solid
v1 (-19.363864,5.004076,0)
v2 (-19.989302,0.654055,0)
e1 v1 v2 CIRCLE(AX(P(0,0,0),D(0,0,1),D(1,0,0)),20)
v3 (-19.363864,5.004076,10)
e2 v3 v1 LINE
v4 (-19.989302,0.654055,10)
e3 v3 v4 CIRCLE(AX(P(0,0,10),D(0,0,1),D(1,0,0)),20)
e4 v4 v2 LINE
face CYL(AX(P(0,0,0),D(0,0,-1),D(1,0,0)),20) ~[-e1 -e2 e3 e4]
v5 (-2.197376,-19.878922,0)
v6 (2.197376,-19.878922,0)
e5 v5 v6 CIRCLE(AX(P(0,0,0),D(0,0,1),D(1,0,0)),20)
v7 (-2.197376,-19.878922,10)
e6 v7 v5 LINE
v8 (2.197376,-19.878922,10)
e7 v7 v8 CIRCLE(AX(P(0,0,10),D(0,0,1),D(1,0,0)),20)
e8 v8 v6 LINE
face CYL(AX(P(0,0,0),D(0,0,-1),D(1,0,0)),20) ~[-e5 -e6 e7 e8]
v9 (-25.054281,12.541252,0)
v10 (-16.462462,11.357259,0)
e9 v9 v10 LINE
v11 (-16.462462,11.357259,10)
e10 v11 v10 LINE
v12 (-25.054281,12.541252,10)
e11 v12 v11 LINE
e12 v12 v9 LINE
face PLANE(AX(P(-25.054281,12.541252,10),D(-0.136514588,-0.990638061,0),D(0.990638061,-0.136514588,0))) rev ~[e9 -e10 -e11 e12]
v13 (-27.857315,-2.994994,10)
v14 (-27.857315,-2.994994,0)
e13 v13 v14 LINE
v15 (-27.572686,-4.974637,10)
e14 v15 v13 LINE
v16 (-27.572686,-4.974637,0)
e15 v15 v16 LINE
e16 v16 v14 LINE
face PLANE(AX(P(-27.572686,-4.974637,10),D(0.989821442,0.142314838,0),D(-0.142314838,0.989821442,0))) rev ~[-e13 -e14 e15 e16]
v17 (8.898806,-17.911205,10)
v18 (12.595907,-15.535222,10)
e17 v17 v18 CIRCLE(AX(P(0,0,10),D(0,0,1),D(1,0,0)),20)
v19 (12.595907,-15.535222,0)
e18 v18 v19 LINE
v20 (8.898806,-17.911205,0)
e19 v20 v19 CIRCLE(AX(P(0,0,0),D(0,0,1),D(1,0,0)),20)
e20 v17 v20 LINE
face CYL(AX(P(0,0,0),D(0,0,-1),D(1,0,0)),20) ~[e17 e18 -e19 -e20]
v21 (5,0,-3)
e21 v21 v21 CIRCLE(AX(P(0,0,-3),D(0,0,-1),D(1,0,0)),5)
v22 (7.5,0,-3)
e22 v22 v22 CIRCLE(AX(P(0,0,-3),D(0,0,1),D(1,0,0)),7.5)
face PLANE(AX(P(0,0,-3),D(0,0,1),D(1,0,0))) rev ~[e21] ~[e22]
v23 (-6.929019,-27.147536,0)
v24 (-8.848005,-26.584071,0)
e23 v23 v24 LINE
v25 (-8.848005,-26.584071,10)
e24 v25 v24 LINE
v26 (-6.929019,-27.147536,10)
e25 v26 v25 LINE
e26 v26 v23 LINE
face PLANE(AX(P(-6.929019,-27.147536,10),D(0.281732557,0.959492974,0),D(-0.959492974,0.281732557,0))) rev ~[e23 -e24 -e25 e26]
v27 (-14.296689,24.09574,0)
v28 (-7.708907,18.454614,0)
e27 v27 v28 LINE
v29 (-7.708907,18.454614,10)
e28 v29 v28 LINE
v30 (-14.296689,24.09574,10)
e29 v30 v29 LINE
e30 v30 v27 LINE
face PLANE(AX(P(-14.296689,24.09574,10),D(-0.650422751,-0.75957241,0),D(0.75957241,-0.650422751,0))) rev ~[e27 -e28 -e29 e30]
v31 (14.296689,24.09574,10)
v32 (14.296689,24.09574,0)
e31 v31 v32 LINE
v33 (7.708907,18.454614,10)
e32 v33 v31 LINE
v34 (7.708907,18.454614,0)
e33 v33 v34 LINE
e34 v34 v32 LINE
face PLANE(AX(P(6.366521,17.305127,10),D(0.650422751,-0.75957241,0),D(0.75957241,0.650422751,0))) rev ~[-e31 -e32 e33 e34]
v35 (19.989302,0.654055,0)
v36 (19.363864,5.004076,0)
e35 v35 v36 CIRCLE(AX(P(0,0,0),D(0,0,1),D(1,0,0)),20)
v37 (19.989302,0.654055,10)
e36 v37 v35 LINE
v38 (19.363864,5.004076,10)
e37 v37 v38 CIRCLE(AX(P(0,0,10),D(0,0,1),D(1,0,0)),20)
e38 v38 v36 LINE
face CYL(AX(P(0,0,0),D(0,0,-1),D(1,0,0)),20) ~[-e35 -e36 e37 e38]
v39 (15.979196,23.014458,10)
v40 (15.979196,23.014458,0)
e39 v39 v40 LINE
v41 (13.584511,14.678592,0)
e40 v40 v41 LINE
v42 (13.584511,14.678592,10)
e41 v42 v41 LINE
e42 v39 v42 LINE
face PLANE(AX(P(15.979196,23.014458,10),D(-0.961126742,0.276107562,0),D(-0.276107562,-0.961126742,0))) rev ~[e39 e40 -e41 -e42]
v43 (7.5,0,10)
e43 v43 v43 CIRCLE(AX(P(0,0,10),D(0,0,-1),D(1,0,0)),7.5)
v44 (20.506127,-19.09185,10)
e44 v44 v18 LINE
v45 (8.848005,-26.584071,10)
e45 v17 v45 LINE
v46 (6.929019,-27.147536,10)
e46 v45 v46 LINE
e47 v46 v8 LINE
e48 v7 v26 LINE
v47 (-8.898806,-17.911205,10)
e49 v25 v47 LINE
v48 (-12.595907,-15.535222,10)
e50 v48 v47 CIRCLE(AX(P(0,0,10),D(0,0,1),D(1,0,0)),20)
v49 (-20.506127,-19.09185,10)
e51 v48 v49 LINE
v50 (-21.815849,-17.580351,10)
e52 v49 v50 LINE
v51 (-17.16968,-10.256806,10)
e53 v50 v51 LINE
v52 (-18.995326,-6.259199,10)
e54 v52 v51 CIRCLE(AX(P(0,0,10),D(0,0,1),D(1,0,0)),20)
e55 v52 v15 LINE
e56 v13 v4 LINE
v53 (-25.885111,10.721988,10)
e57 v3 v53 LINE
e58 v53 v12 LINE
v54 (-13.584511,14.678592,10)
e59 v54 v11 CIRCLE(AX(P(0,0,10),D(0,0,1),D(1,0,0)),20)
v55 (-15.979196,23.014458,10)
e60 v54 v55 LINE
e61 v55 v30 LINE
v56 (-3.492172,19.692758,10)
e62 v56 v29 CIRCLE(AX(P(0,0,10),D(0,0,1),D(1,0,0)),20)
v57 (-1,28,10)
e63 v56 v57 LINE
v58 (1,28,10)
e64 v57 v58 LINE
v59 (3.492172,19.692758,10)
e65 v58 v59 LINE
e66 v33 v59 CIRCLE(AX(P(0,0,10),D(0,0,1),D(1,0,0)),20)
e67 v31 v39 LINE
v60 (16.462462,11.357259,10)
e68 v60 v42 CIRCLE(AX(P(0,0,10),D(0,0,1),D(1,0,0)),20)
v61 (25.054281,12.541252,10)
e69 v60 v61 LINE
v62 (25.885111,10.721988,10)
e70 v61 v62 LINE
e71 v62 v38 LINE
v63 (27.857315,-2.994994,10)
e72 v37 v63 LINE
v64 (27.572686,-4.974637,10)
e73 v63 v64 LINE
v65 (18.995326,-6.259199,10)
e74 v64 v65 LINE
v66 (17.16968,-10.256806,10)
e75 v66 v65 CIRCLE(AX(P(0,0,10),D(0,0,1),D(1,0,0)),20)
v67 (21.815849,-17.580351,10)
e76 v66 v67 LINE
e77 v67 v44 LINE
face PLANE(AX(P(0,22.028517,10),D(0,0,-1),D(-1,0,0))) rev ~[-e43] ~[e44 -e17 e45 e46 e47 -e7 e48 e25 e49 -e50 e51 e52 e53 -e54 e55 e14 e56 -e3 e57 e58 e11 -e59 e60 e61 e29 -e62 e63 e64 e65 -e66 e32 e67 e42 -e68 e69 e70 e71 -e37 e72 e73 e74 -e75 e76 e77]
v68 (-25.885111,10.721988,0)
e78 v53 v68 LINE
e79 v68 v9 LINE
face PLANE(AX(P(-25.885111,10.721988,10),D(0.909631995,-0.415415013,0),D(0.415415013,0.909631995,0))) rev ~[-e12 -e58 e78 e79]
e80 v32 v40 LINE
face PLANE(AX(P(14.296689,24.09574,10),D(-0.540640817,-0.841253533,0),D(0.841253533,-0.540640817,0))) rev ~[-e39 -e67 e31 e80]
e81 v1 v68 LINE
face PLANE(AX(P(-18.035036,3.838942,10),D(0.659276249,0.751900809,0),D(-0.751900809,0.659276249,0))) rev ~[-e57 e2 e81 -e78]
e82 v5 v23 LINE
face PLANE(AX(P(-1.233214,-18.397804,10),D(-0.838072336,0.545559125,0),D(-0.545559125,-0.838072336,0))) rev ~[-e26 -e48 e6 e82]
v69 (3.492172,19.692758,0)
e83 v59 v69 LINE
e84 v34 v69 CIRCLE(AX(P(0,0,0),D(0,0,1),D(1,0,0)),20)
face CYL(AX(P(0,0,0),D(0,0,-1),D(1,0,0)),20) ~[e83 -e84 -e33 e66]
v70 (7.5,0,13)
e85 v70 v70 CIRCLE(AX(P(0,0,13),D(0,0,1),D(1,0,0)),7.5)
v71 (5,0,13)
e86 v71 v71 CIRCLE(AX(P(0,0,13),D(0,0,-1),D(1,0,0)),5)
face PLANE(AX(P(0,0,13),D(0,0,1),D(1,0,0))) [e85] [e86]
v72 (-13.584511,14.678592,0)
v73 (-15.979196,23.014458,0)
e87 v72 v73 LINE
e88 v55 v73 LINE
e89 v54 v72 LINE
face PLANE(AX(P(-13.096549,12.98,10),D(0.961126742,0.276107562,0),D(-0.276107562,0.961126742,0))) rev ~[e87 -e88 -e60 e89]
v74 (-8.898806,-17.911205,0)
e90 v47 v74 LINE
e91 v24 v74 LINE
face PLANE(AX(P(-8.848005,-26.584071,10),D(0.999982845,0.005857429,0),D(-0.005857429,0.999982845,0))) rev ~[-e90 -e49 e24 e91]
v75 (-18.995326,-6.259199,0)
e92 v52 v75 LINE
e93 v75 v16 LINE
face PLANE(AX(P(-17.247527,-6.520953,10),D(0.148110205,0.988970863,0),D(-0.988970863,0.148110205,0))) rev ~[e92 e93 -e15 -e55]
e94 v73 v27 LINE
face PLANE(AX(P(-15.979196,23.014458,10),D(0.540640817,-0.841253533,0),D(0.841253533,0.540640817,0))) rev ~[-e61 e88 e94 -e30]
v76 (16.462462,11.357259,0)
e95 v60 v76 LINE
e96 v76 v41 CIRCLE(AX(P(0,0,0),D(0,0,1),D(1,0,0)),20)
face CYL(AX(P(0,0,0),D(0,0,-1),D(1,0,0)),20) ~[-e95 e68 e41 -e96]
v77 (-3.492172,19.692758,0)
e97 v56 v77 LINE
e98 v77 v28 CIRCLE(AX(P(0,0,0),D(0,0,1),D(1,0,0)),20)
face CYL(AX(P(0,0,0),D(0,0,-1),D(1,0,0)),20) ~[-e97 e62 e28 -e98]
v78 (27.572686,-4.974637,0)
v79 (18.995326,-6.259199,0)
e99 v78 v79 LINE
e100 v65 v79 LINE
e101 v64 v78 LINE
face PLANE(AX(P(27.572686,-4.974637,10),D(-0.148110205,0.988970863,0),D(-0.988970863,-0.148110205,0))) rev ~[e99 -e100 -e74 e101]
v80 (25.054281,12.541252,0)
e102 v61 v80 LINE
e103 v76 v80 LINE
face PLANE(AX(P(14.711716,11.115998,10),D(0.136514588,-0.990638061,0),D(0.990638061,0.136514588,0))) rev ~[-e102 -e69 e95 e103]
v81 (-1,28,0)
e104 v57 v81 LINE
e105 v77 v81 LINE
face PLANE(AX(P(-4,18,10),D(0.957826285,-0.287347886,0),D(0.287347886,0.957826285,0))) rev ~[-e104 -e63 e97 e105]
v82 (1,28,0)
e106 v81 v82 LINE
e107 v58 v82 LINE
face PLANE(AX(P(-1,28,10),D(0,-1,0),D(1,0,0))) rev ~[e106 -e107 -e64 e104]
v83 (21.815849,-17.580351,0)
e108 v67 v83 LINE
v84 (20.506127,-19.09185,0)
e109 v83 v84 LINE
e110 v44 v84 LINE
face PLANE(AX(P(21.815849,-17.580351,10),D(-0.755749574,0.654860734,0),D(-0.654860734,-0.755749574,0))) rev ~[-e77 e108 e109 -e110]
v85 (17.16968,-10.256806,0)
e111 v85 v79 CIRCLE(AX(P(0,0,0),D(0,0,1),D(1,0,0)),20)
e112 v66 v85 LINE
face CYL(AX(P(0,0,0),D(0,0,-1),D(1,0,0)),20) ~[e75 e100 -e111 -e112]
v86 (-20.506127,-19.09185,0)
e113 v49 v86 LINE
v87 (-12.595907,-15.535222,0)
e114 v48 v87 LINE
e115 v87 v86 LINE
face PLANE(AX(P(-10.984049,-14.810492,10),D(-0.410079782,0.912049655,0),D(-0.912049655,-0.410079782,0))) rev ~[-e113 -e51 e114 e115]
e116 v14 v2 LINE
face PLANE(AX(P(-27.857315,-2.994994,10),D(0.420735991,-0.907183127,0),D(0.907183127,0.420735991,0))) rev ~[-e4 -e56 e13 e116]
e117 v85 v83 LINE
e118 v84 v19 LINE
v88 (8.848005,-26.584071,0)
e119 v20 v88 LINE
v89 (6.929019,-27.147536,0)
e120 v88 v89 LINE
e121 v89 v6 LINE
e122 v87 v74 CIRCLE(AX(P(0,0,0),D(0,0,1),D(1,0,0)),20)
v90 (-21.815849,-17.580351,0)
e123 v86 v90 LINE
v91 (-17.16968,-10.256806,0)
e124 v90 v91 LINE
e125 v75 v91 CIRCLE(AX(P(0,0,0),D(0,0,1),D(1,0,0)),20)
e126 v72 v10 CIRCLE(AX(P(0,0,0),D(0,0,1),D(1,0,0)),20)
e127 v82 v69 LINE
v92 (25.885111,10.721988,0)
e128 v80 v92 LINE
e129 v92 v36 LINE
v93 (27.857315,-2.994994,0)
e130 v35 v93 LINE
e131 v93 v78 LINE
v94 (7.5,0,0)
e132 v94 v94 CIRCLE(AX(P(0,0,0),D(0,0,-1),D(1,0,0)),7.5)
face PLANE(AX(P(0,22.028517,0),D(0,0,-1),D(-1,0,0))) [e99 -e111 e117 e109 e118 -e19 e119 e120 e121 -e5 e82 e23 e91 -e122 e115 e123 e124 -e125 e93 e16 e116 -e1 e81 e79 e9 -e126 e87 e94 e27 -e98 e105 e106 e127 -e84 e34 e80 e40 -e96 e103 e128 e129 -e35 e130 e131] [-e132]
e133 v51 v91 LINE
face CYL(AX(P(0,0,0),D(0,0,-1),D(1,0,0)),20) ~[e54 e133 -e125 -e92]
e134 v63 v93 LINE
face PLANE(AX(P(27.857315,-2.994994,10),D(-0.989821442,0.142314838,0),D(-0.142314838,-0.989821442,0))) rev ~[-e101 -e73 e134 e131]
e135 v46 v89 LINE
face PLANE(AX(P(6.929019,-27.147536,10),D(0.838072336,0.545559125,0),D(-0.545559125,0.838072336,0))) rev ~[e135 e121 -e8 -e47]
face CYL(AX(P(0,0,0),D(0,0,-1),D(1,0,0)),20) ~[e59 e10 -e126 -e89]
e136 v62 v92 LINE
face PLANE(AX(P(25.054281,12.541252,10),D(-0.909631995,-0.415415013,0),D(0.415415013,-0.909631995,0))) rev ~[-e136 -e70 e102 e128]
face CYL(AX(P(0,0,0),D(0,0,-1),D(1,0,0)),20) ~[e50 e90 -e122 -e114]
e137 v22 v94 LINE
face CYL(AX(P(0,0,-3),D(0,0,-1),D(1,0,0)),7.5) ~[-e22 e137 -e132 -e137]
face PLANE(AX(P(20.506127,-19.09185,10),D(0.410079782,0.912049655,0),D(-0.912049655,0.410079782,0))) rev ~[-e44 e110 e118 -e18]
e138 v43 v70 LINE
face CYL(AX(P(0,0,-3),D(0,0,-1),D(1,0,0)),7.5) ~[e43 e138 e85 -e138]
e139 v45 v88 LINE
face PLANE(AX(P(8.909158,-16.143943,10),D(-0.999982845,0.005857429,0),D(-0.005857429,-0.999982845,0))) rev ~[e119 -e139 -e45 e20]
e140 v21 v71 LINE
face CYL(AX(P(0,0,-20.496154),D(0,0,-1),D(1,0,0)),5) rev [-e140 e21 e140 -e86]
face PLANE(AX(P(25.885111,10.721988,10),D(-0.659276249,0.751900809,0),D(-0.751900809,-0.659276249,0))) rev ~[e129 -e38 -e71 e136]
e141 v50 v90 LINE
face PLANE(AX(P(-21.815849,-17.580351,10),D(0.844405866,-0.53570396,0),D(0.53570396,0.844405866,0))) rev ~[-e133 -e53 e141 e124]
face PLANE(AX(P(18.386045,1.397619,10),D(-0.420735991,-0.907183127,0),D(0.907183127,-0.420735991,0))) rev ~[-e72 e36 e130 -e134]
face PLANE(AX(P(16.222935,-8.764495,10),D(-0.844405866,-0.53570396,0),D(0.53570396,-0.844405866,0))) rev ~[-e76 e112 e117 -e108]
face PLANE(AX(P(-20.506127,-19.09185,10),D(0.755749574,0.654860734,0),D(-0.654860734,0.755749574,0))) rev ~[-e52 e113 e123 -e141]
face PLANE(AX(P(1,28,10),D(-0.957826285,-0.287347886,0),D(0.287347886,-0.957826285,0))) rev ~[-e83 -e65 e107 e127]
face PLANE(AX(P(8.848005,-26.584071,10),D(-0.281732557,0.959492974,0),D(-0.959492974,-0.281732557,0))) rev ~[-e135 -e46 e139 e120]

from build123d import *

# Parameters (mm, degrees)
SKETCH1_R                = 20
BOSS_EXTRUDE1_DEPTH      = 10
BOSS_EXTRUDE2_DEPTH      = 3
BOSS_EXTRUDE2_DEPTH_BACK = 13
SKETCH2_R                = 7.5
CUT_EXTRUDE2_DEPTH       = 33.496153619
CUT_EXTRUDE2_DEPTH_BACK  = 33.496153619
SKETCH3_R                = 5
BOSS_EXTRUDE3_DEPTH      = 10


with BuildPart() as part:
    # Sketch1 → Boss-Extrude1 (new body)
    with BuildSketch(Plane.XY):
        Circle(SKETCH1_R)
    extrude(amount=BOSS_EXTRUDE1_DEPTH)

    # Sketch2 → Boss-Extrude2 (add, two sides: drawn at the far end of the back side and taken through both)
    with BuildSketch(Plane.XY.offset(10).offset(-BOSS_EXTRUDE2_DEPTH_BACK)):
        Circle(SKETCH2_R)
    extrude(amount=BOSS_EXTRUDE2_DEPTH + BOSS_EXTRUDE2_DEPTH_BACK)

    # Sketch3 → Cut-Extrude2 (cut, two sides: drawn at the far end of the back side and taken through both)
    with BuildSketch(Plane.XY.offset(13).offset(-CUT_EXTRUDE2_DEPTH_BACK)):
        Circle(SKETCH3_R)
    extrude(amount=CUT_EXTRUDE2_DEPTH + CUT_EXTRUDE2_DEPTH_BACK, mode=Mode.SUBTRACT)

    # Sketch4 → Boss-Extrude3 (add)
    with BuildSketch(Plane.XY.offset(10)):
        Polygon((-1, 28), (1, 28), (4, 18), (-4, 18), align=None)
        Polygon((6.366520583, 17.305126861), (14.296689356, 24.095739737), (15.979196422, 23.014458102), (13.096548846, 12.980000321), align=None)
        Polygon((14.711715864, 11.115998215), (25.054280857, 12.541252359), (25.885110883, 10.721988369), (18.035035968, 3.838942253), align=None)
        Polygon((18.386045307, 1.397618679), (27.857315211, -2.99499403), (27.572685534, -4.974636914), (17.247526601, -6.520952856), align=None)
        Polygon((16.222935274, -8.764494914), (21.815848816, -17.580350976), (20.506127348, -19.091850125), (10.984049403, -14.810491508), align=None)
        Polygon((8.909157918, -16.143943298), (8.848004565, -26.584070704), (6.929018618, -27.147535818), (1.233214129, -18.397803752), align=None)
        Polygon((-1.233214129, -18.397803752), (-6.929018618, -27.147535818), (-8.848004565, -26.584070704), (-8.909157918, -16.143943298), align=None)
        Polygon((-10.984049403, -14.810491508), (-20.506127348, -19.091850125), (-21.815848816, -17.580350976), (-16.222935274, -8.764494914), align=None)
        Polygon((-17.247526601, -6.520952856), (-27.572685534, -4.974636914), (-27.857315211, -2.99499403), (-18.386045307, 1.397618679), align=None)
        Polygon((-18.035035968, 3.838942253), (-25.885110883, 10.721988369), (-25.054280857, 12.541252359), (-14.711715864, 11.115998215), align=None)
        Polygon((-13.096548846, 12.980000321), (-15.979196422, 23.014458102), (-14.296689356, 24.095739737), (-6.366520583, 17.305126861), align=None)
    extrude(amount=-BOSS_EXTRUDE3_DEPTH)


solid = part.part
